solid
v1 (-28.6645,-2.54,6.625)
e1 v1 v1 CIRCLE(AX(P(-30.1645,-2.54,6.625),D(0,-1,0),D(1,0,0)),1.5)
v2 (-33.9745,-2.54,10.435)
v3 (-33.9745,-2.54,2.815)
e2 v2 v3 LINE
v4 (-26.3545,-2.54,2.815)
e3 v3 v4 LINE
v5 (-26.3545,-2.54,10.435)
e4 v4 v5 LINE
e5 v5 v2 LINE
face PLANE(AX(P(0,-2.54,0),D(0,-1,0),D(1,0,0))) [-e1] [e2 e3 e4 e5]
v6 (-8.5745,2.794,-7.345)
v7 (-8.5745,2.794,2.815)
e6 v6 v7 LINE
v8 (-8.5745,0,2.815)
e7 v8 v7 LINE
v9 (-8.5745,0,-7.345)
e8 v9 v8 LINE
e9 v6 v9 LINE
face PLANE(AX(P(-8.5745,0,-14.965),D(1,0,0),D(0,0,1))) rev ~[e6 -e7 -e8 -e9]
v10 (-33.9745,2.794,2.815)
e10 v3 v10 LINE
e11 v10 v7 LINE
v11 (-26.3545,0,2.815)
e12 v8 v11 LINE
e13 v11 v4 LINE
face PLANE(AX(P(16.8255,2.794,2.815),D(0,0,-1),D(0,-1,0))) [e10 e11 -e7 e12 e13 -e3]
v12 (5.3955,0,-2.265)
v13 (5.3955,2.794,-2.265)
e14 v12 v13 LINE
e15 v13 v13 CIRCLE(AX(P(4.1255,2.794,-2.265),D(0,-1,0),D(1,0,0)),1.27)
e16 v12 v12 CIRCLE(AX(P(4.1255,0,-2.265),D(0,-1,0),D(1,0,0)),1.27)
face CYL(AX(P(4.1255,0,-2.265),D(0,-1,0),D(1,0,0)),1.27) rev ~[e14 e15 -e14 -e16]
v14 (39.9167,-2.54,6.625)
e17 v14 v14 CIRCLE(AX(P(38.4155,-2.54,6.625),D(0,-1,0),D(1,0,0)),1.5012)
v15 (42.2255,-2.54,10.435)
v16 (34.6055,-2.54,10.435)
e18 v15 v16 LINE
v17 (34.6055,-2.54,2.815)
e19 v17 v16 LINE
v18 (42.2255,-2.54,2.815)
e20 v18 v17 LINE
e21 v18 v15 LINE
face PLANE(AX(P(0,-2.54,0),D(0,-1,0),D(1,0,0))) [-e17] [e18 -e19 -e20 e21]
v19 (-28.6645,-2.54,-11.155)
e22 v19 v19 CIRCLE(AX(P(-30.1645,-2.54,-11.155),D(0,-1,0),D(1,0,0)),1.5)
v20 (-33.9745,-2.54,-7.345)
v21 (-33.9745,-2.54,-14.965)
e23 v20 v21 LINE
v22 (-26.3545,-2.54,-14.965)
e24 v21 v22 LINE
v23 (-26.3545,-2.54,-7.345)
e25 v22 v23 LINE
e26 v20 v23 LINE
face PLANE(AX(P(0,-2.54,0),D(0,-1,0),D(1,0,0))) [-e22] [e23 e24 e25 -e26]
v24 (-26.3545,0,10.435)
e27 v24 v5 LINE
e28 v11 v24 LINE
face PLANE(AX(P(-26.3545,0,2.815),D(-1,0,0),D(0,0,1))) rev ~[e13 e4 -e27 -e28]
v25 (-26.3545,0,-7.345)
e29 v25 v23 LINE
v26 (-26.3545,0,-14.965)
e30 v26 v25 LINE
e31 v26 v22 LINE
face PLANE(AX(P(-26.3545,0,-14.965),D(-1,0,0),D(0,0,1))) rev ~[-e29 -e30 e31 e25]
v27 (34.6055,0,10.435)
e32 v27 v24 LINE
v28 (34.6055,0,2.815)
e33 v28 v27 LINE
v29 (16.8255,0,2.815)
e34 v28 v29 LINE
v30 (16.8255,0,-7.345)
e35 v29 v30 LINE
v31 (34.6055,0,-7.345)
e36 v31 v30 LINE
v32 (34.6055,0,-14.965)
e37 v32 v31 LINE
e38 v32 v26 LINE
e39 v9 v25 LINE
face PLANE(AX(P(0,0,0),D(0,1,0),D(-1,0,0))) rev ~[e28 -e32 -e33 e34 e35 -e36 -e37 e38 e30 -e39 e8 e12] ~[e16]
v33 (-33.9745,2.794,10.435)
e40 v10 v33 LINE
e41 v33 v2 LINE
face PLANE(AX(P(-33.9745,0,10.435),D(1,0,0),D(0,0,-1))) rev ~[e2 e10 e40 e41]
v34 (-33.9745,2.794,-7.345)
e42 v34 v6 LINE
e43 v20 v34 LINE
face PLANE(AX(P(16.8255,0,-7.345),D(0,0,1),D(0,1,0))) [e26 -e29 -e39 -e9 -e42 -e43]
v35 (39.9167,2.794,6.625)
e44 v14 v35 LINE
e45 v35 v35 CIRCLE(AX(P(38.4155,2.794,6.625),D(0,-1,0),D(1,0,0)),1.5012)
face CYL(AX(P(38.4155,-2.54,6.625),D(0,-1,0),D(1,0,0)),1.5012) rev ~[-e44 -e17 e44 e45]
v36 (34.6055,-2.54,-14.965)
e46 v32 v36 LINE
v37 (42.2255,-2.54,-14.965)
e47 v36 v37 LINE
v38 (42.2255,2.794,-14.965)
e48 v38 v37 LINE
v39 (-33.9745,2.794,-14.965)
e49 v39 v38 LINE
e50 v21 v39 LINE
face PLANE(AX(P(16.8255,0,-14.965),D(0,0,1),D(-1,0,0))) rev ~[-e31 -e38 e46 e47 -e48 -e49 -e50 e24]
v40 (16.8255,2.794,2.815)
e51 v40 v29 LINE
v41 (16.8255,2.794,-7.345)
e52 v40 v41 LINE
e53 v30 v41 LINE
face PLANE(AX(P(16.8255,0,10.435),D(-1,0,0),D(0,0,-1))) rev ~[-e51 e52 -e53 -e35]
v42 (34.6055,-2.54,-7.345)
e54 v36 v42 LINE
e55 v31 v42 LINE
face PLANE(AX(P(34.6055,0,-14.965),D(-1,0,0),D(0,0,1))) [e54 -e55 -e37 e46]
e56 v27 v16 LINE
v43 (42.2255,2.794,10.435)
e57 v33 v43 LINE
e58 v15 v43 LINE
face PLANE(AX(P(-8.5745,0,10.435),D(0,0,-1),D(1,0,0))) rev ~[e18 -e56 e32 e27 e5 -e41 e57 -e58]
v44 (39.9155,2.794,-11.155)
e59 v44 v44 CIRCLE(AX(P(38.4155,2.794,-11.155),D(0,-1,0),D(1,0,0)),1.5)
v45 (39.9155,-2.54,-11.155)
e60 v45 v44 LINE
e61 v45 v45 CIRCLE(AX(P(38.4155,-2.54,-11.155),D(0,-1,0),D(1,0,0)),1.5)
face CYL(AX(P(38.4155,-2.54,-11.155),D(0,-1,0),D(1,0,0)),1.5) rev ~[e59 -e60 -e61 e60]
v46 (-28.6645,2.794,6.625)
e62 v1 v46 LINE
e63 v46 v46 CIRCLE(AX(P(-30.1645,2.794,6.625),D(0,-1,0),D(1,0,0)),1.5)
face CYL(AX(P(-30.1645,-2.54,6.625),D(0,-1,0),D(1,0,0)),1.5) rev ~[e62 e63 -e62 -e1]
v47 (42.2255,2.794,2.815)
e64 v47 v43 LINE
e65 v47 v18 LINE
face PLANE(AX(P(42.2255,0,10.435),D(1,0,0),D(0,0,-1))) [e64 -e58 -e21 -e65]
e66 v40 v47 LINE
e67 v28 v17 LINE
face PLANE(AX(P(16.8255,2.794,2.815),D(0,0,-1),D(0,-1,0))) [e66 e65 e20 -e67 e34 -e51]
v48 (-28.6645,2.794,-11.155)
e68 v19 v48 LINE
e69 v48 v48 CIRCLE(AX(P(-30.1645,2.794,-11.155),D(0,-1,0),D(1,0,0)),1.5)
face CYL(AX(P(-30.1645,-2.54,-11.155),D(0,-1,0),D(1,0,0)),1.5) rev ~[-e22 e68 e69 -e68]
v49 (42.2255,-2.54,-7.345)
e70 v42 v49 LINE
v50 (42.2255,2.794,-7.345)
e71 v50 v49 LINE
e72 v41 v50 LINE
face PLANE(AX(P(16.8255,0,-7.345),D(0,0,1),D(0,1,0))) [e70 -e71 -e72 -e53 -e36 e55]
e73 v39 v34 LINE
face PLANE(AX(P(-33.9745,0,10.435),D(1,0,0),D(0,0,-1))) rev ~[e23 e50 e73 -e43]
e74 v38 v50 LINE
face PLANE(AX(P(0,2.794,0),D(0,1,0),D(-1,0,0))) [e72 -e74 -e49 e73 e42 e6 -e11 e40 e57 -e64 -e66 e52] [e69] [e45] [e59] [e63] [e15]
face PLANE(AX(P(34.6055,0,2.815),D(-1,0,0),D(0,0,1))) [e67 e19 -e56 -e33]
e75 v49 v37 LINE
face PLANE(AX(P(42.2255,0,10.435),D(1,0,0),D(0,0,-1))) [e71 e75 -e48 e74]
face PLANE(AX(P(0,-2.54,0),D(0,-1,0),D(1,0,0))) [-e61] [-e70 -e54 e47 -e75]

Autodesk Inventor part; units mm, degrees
ref_plane "YZ Plane" through (0, 0, 0) normal (1, 0, 0) x (0, 1, 0)
ref_plane "XZ Plane" through (0, 0, 0) normal (0, 1, 0) x (-1, 0, 0)
ref_plane "XY Plane" through (0, 0, 0) normal (0, 0, 1) x (1, 0, 0)
sketch "Sketch1" plane through (0, 0, 0) normal (0, 1, 0) x (-1, 0, 0)
  line L0 (8.5745, -14.965) -> (8.5745, 10.435)
  line L1 (8.5745, 10.435) -> (-16.8255, 10.435)
  line L2 (-16.8255, 10.435) -> (-16.8255, -14.965)
  line L3 (-16.8255, -14.965) -> (8.5745, -14.965)
  point P0 (0, 0)
  dimension "d0" = 25.4
  dimension "d1" = 25.4
extrude "Extrusion1" add sketch "Sketch1" along normal blind 2.794
sketch "Sketch2" plane through (16.8255, 0, 10.435) normal (1, 0, 0) x (0, 0, -1)
  line L0 (25.4, 2.794) -> (0, 2.794) projected
  line L1 (25.4, 0) -> (0, 0) projected
  line L2 (0, 2.794) -> (7.62, 2.794)
  line L3 (7.62, 2.794) -> (7.62, 0)
  line L4 (7.62, 0) -> (0, 0)
  line L5 (0, 0) -> (0, 2.794)
  line L6 (25.4, 0) -> (17.78, 0)
  line L7 (17.78, 0) -> (17.78, 2.794)
  line L8 (17.78, 2.794) -> (25.4, 2.794)
  line L9 (25.4, 2.794) -> (25.4, 0)
  point P0 (10.435, 0)
  dimension "d4" = 7.62
  dimension "d5" = 7.62
extrude "Extrusion2" add sketch "Sketch2" along normal blind 25.4 and the other way blind 50.8 contours L9 L1 L7 L0 | L3 L1 L5 L0
sketch "Sketch3" plane through (0, 0, 0) normal (0, -1, 0) x (1, 0, 0)
  line L0 (16.8255, 2.815) -> (16.8255, -7.345) construction
  line L1 (16.8255, -2.265) -> (-8.5745, -2.265) construction
  line L2 (-8.5745, -7.345) -> (-8.5745, 2.815) construction
  line L3 (42.2255, -14.965) -> (-33.9745, -14.965) construction
  line L4 (4.1255, -14.965) -> (4.1255, 10.435) construction
  line L5 (-33.9745, 10.435) -> (42.2255, 10.435) construction
  circle A0 centre (4.1255, -2.265) radius 1.27
  point P0 (0, 0)
  dimension "d10" = 2.54
extrude "Extrusion3" cut sketch "Sketch3" against normal blind 25.4
sketch "Sketch4" plane through (0, 0, 0) normal (0, -1, 0) x (1, 0, 0)
  line L0 (-33.9745, -14.965) -> (42.2255, -14.965) projected
  line L1 (16.8255, -7.345) -> (42.2255, -7.345) projected
  line L2 (42.2255, -14.965) -> (34.6055, -14.965)
  line L3 (34.6055, -14.965) -> (34.6055, -7.345)
  line L4 (34.6055, -7.345) -> (42.2255, -7.345)
  line L5 (42.2255, -7.345) -> (42.2255, -14.965)
  line L6 (42.2255, 10.435) -> (-33.9745, 10.435) projected
  line L7 (-33.9745, -7.345) -> (-33.9745, -14.965) projected
  line L8 (-33.9745, -7.345) -> (-8.5745, -7.345) projected
  line L9 (-33.9745, -14.965) -> (-26.3545, -14.965)
  line L10 (-26.3545, -14.965) -> (-26.3545, -7.345)
  line L11 (-26.3545, -7.345) -> (-33.9745, -7.345)
  line L12 (-33.9745, -7.345) -> (-33.9745, -14.965)
  line L13 (-33.9745, 10.435) -> (-33.9745, 2.815) projected
  line L14 (-33.9745, 2.815) -> (-26.3545, 2.815)
  line L15 (-26.3545, 2.815) -> (-26.3545, 10.435)
  line L16 (-26.3545, 10.435) -> (-33.9745, 10.435)
  line L17 (-33.9745, 10.435) -> (-33.9745, 2.815)
  line L18 (42.2255, 2.815) -> (42.2255, 10.435) projected
  line L19 (-33.9745, 10.435) -> (42.2255, 10.435) projected
  line L20 (42.2255, 2.815) -> (34.6055, 2.815)
  line L21 (34.6055, 2.815) -> (34.6055, 10.435)
  line L22 (34.6055, 10.435) -> (42.2255, 10.435)
  line L23 (42.2255, 10.435) -> (42.2255, 2.815)
  point P0 (0, 0)
  dimension "d13" = 7.62
  dimension "d14" = 7.62
  dimension "d15" = 7.62
extrude "Extrusion4" add sketch "Sketch4" along normal blind 2.54
sketch "Sketch5" plane through (0, -2.54, 0) normal (0, -1, 0) x (1, 0, 0)
  line L0 (42.2255, -14.965) -> (42.2255, -7.345) projected
  line L1 (34.6055, -14.965) -> (34.6055, -7.345) projected
  line L2 (42.2255, -14.965) -> (34.6055, -14.965)
  line L3 (34.6055, -14.965) -> (34.6055, -7.345)
  line L4 (34.6055, -7.345) -> (42.2255, -7.345)
  line L5 (42.2255, -7.345) -> (42.2255, -14.965)
  circle A0 centre (38.4155, -11.155) radius 1.5
  circle A1 centre (38.4155, 6.625) radius 1.5012
  line L6 (34.6055, 10.435) -> (34.6055, 2.815) projected
  circle A2 centre (-30.1645, 6.625) radius 1.5
  line L7 (-33.9745, 2.815) -> (-26.3545, 2.815) projected
  circle A3 centre (-30.1645, -11.155) radius 1.5
  point P0 (0, 0)
  point P1 (34.6055, 6.625)
  point P2 (-30.1645, 2.815)
  dimension "d18" = 3
  dimension "d19" = 3
  dimension "d20" = 3.0024
  dimension "d21" = 3
extrude "Extrusion5" cut sketch "Sketch5" against normal blind 76.2 contours A0 | A1 | A2 | A3
equation "\"d5\" = d4"
properties part number "Camera Mount"
